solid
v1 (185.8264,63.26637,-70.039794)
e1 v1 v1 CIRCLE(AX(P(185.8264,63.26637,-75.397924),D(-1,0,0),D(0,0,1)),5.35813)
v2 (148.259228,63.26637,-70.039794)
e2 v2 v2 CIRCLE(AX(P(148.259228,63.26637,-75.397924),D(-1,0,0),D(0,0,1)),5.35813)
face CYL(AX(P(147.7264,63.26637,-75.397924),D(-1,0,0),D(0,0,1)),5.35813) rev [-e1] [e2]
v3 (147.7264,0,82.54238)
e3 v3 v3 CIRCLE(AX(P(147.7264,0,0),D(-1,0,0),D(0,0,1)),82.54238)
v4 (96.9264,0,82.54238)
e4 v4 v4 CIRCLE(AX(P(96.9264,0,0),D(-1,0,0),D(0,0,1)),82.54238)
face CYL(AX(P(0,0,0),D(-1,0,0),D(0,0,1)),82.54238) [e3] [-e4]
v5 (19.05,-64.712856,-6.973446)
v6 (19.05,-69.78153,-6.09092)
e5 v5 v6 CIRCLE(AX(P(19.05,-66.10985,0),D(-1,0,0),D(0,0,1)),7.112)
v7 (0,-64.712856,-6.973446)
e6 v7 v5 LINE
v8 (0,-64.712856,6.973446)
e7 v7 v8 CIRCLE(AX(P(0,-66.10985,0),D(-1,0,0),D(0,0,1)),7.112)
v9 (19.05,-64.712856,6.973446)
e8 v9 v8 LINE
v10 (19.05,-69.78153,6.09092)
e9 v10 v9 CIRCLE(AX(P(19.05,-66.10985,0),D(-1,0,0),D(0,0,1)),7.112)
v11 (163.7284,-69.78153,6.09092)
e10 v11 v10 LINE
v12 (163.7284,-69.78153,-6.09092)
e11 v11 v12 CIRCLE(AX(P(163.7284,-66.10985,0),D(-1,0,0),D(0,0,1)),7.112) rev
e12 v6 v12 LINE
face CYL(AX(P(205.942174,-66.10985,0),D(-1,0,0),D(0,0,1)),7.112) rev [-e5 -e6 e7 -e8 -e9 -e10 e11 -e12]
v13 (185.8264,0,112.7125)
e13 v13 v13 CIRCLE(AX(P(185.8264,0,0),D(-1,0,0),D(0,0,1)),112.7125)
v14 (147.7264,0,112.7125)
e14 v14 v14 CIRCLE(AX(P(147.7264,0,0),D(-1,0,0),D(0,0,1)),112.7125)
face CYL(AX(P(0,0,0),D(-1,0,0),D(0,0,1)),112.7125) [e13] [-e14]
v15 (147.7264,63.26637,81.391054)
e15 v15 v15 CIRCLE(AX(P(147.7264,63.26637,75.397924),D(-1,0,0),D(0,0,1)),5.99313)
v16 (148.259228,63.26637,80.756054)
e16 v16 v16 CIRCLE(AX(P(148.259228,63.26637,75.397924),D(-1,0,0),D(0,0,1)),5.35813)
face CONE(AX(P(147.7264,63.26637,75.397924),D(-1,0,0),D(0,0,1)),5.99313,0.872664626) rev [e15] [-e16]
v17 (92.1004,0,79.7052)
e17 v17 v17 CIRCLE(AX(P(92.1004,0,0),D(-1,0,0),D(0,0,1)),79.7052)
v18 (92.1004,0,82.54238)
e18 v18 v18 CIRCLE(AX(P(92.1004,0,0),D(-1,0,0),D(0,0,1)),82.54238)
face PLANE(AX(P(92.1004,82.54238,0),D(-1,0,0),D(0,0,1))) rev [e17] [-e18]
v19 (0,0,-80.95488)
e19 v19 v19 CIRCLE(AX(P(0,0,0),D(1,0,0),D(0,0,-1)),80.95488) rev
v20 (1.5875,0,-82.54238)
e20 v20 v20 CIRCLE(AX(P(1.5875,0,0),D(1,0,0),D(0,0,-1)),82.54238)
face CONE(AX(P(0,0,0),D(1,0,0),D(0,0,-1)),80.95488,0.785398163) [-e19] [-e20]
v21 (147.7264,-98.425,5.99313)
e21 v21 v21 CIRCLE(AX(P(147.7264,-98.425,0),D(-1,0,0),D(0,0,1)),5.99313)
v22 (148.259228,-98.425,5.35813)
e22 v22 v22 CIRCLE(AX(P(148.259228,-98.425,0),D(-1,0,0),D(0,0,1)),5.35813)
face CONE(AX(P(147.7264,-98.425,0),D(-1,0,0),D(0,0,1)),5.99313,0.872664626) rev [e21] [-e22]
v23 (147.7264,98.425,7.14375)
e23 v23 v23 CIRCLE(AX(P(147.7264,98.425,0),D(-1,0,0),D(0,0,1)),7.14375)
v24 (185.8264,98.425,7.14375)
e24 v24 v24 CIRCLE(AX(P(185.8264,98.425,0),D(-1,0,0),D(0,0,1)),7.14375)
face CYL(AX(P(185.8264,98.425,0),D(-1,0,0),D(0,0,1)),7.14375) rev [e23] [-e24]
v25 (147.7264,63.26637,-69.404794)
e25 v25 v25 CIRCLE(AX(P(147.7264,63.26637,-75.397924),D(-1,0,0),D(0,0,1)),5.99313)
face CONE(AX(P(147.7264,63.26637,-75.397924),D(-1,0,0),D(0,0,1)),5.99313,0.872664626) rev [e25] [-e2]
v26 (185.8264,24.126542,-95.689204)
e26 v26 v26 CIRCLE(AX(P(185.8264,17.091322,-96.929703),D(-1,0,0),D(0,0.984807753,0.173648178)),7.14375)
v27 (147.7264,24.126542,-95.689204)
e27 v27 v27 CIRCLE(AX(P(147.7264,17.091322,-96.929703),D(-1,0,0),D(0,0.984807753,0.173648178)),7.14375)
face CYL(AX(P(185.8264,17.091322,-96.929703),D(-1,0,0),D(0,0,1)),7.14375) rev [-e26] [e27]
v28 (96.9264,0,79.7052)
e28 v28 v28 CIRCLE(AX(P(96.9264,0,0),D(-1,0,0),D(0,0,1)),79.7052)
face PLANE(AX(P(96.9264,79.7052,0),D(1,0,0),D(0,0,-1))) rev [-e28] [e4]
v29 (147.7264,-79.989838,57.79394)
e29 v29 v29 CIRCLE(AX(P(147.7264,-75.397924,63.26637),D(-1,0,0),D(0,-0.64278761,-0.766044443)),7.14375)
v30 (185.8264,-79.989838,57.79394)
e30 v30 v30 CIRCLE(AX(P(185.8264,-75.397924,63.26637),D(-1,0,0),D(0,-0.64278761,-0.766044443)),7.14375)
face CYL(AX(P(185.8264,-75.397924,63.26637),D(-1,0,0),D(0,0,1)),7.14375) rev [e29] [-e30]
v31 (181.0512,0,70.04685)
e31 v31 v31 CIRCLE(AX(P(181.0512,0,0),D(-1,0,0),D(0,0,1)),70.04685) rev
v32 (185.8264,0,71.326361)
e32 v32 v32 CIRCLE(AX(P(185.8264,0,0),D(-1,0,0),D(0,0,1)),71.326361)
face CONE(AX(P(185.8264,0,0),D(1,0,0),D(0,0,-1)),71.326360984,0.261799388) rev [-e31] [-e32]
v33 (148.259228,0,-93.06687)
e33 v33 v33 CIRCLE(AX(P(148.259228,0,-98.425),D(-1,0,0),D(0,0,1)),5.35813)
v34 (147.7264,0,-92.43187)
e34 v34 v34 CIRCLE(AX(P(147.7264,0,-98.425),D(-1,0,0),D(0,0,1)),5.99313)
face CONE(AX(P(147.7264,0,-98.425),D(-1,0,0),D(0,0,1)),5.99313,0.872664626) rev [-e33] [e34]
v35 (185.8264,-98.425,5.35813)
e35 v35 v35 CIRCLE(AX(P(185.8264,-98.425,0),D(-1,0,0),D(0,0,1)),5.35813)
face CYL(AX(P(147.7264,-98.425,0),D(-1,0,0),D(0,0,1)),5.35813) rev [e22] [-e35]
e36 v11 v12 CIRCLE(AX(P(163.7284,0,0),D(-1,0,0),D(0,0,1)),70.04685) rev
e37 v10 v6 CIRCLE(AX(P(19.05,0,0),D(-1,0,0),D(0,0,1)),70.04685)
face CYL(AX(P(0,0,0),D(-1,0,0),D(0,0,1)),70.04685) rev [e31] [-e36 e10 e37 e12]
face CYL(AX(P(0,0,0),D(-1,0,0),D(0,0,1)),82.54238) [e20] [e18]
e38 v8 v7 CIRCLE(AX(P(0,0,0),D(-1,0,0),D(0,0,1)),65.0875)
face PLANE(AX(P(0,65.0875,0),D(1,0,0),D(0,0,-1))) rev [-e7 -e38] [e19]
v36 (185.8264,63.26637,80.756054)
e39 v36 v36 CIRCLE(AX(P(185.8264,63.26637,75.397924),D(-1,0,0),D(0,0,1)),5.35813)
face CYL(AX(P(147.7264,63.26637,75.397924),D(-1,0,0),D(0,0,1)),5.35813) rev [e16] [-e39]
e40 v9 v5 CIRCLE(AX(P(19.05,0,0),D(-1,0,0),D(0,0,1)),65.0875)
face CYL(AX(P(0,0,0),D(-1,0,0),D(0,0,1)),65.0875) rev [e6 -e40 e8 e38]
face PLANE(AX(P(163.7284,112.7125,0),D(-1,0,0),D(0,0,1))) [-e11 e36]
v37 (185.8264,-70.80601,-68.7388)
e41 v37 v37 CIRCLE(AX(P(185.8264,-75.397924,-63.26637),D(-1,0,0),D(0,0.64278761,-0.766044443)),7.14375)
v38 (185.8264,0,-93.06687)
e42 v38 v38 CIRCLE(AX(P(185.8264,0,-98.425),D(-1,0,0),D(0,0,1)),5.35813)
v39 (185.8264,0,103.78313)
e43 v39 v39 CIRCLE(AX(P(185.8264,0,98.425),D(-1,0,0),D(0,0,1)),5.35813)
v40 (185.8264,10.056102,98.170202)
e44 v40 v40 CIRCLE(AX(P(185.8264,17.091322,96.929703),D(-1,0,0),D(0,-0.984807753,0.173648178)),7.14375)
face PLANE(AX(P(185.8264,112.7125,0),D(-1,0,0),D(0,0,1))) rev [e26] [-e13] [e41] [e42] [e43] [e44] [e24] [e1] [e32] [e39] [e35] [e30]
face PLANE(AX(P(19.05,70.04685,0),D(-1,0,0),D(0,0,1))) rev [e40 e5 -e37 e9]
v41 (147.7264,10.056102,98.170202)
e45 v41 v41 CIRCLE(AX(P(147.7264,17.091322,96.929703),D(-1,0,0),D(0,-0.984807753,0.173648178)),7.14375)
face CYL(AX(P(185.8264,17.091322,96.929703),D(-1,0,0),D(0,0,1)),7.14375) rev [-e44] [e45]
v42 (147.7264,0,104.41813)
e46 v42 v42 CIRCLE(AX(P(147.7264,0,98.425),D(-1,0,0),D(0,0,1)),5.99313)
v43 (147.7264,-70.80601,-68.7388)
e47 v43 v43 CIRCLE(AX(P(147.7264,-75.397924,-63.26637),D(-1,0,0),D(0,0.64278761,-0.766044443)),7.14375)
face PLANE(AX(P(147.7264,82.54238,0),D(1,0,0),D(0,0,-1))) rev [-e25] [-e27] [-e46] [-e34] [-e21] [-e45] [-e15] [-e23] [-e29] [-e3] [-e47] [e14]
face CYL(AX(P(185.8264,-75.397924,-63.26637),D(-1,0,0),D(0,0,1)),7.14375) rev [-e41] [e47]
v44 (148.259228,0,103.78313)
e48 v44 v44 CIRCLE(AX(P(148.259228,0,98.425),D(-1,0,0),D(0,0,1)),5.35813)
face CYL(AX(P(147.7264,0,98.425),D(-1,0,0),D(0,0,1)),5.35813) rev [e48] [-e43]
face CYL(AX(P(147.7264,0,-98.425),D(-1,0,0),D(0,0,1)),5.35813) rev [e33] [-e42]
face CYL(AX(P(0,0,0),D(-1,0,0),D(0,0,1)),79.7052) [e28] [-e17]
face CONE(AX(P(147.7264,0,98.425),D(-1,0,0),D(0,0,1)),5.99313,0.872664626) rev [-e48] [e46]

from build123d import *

# Parameters (mm, degrees)
CHAMFER1_SIZE      = 1.5875
CHAMFER2_SIZE      = 4.7752
CHAMFER2_SIZE2     = 1.279510984
SKETCH2_R          = 7.112
CUT_EXTRUDE1_DEPTH = 163.7284
SKETCH3_R          = 7.14375
CUT_EXTRUDE2_DEPTH = 218.327643362
CIRPATTERN1_COUNT  = 18
CIRPATTERN2_COUNT  = 36


with BuildPart() as part:
    # Sketch1 → Revolve1 (revolve)
    with BuildSketch(Plane.XY, mode=Mode.PRIVATE) as revolve1_sk:
        Polygon((0, 65.0875), (0, 82.54238), (92.1004, 82.54238), (92.1004, 79.7052), (96.9264, 79.7052), (96.9264, 82.54238), (147.7264, 82.54238), (147.7264, 112.7125), (185.8264, 112.7125), (185.8264, 70.04685), (19.05, 70.04685), (19.05, 65.0875), align=None)
    revolve(revolve1_sk.sketch.rotate(Axis((0, 0, 0), (1, 0, 0)), 90), axis=Axis((0, 0, 0), (1, 0, 0)))

    # Chamfer1
    chamfer1_edges = [part.edges().sort_by_distance(p)[0] for p in [
        (0, 0, -82.54238),
    ]]
    chamfer(chamfer1_edges, length=CHAMFER1_SIZE)

    # Chamfer2
    chamfer2_edges = [part.edges().sort_by_distance(p)[0] for p in [
        (185.8264, 0, -70.04685),
    ]]
    chamfer2_side = [part.faces().sort_by_distance(p)[0] for p in [
        (102.4382, 0, -70.04685),
    ]]
    chamfer(chamfer2_edges, length=CHAMFER2_SIZE, length2=CHAMFER2_SIZE2, reference=chamfer2_side[0])

    # Sketch2 → Cut-Extrude1 (cut)
    with BuildSketch(Plane.ZY):
        with Locations((0, -66.10985)):
            Circle(SKETCH2_R)
    extrude(amount=-CUT_EXTRUDE1_DEPTH, mode=Mode.SUBTRACT)

    # Sketch3 → Cut-Extrude2 (cut, through all)
    with BuildSketch(Plane.ZY.offset(-147.7264)):
        with Locations((0, 98.425)):
            Circle(SKETCH3_R)
    cut_extrude2 = extrude(amount=-CUT_EXTRUDE2_DEPTH, mode=Mode.SUBTRACT)

    # CirPattern1: Cut-Extrude2 ×18 about axis, 13 skipped
    cirpattern1_axis = Axis((147.7264, 0, 0), (-1, 0, 0))
    add([cut_extrude2.rotate(cirpattern1_axis, i * 360 / CIRPATTERN1_COUNT) for i in range(1, CIRPATTERN1_COUNT) if i not in (1, 2, 3, 5, 6, 8, 9, 10, 12, 13, 15, 16, 17)], mode=Mode.SUBTRACT)

    # Sketch5 → Tap Drill for 1/2-13 Tap1 (revolve, cut)
    with BuildSketch(Plane(origin=(147.7264, -98.425, 0), x_dir=(0, 0, 1), z_dir=(0, 1, 0))):
        Polygon((0, 0), (0, 41.319489309), (5.35813, 38.1), (5.35813, 0.532828266), (5.99313, 0), align=None)
    tap_drill_for_1_2_13_tap1 = revolve(axis=Axis((141.3764, -98.425, 0), (1, 0, 0)), mode=Mode.SUBTRACT)

    # CirPattern2: Tap Drill for 1/2-13 Tap1 ×36 about axis, 31 skipped
    cirpattern2_axis = Axis((147.7264, 0, 0), (-1, 0, 0))
    add([tap_drill_for_1_2_13_tap1.rotate(cirpattern2_axis, i * 360 / CIRPATTERN2_COUNT) for i in range(1, CIRPATTERN2_COUNT) if i not in (1, 2, 3, 4, 5, 6, 7, 8, 10, 11, 12, 14, 15, 16, 17, 18, 19, 20, 21, 22, 24, 25, 26, 28, 29, 30, 31, 32, 33, 34, 35)], mode=Mode.SUBTRACT)


solid = part.part
